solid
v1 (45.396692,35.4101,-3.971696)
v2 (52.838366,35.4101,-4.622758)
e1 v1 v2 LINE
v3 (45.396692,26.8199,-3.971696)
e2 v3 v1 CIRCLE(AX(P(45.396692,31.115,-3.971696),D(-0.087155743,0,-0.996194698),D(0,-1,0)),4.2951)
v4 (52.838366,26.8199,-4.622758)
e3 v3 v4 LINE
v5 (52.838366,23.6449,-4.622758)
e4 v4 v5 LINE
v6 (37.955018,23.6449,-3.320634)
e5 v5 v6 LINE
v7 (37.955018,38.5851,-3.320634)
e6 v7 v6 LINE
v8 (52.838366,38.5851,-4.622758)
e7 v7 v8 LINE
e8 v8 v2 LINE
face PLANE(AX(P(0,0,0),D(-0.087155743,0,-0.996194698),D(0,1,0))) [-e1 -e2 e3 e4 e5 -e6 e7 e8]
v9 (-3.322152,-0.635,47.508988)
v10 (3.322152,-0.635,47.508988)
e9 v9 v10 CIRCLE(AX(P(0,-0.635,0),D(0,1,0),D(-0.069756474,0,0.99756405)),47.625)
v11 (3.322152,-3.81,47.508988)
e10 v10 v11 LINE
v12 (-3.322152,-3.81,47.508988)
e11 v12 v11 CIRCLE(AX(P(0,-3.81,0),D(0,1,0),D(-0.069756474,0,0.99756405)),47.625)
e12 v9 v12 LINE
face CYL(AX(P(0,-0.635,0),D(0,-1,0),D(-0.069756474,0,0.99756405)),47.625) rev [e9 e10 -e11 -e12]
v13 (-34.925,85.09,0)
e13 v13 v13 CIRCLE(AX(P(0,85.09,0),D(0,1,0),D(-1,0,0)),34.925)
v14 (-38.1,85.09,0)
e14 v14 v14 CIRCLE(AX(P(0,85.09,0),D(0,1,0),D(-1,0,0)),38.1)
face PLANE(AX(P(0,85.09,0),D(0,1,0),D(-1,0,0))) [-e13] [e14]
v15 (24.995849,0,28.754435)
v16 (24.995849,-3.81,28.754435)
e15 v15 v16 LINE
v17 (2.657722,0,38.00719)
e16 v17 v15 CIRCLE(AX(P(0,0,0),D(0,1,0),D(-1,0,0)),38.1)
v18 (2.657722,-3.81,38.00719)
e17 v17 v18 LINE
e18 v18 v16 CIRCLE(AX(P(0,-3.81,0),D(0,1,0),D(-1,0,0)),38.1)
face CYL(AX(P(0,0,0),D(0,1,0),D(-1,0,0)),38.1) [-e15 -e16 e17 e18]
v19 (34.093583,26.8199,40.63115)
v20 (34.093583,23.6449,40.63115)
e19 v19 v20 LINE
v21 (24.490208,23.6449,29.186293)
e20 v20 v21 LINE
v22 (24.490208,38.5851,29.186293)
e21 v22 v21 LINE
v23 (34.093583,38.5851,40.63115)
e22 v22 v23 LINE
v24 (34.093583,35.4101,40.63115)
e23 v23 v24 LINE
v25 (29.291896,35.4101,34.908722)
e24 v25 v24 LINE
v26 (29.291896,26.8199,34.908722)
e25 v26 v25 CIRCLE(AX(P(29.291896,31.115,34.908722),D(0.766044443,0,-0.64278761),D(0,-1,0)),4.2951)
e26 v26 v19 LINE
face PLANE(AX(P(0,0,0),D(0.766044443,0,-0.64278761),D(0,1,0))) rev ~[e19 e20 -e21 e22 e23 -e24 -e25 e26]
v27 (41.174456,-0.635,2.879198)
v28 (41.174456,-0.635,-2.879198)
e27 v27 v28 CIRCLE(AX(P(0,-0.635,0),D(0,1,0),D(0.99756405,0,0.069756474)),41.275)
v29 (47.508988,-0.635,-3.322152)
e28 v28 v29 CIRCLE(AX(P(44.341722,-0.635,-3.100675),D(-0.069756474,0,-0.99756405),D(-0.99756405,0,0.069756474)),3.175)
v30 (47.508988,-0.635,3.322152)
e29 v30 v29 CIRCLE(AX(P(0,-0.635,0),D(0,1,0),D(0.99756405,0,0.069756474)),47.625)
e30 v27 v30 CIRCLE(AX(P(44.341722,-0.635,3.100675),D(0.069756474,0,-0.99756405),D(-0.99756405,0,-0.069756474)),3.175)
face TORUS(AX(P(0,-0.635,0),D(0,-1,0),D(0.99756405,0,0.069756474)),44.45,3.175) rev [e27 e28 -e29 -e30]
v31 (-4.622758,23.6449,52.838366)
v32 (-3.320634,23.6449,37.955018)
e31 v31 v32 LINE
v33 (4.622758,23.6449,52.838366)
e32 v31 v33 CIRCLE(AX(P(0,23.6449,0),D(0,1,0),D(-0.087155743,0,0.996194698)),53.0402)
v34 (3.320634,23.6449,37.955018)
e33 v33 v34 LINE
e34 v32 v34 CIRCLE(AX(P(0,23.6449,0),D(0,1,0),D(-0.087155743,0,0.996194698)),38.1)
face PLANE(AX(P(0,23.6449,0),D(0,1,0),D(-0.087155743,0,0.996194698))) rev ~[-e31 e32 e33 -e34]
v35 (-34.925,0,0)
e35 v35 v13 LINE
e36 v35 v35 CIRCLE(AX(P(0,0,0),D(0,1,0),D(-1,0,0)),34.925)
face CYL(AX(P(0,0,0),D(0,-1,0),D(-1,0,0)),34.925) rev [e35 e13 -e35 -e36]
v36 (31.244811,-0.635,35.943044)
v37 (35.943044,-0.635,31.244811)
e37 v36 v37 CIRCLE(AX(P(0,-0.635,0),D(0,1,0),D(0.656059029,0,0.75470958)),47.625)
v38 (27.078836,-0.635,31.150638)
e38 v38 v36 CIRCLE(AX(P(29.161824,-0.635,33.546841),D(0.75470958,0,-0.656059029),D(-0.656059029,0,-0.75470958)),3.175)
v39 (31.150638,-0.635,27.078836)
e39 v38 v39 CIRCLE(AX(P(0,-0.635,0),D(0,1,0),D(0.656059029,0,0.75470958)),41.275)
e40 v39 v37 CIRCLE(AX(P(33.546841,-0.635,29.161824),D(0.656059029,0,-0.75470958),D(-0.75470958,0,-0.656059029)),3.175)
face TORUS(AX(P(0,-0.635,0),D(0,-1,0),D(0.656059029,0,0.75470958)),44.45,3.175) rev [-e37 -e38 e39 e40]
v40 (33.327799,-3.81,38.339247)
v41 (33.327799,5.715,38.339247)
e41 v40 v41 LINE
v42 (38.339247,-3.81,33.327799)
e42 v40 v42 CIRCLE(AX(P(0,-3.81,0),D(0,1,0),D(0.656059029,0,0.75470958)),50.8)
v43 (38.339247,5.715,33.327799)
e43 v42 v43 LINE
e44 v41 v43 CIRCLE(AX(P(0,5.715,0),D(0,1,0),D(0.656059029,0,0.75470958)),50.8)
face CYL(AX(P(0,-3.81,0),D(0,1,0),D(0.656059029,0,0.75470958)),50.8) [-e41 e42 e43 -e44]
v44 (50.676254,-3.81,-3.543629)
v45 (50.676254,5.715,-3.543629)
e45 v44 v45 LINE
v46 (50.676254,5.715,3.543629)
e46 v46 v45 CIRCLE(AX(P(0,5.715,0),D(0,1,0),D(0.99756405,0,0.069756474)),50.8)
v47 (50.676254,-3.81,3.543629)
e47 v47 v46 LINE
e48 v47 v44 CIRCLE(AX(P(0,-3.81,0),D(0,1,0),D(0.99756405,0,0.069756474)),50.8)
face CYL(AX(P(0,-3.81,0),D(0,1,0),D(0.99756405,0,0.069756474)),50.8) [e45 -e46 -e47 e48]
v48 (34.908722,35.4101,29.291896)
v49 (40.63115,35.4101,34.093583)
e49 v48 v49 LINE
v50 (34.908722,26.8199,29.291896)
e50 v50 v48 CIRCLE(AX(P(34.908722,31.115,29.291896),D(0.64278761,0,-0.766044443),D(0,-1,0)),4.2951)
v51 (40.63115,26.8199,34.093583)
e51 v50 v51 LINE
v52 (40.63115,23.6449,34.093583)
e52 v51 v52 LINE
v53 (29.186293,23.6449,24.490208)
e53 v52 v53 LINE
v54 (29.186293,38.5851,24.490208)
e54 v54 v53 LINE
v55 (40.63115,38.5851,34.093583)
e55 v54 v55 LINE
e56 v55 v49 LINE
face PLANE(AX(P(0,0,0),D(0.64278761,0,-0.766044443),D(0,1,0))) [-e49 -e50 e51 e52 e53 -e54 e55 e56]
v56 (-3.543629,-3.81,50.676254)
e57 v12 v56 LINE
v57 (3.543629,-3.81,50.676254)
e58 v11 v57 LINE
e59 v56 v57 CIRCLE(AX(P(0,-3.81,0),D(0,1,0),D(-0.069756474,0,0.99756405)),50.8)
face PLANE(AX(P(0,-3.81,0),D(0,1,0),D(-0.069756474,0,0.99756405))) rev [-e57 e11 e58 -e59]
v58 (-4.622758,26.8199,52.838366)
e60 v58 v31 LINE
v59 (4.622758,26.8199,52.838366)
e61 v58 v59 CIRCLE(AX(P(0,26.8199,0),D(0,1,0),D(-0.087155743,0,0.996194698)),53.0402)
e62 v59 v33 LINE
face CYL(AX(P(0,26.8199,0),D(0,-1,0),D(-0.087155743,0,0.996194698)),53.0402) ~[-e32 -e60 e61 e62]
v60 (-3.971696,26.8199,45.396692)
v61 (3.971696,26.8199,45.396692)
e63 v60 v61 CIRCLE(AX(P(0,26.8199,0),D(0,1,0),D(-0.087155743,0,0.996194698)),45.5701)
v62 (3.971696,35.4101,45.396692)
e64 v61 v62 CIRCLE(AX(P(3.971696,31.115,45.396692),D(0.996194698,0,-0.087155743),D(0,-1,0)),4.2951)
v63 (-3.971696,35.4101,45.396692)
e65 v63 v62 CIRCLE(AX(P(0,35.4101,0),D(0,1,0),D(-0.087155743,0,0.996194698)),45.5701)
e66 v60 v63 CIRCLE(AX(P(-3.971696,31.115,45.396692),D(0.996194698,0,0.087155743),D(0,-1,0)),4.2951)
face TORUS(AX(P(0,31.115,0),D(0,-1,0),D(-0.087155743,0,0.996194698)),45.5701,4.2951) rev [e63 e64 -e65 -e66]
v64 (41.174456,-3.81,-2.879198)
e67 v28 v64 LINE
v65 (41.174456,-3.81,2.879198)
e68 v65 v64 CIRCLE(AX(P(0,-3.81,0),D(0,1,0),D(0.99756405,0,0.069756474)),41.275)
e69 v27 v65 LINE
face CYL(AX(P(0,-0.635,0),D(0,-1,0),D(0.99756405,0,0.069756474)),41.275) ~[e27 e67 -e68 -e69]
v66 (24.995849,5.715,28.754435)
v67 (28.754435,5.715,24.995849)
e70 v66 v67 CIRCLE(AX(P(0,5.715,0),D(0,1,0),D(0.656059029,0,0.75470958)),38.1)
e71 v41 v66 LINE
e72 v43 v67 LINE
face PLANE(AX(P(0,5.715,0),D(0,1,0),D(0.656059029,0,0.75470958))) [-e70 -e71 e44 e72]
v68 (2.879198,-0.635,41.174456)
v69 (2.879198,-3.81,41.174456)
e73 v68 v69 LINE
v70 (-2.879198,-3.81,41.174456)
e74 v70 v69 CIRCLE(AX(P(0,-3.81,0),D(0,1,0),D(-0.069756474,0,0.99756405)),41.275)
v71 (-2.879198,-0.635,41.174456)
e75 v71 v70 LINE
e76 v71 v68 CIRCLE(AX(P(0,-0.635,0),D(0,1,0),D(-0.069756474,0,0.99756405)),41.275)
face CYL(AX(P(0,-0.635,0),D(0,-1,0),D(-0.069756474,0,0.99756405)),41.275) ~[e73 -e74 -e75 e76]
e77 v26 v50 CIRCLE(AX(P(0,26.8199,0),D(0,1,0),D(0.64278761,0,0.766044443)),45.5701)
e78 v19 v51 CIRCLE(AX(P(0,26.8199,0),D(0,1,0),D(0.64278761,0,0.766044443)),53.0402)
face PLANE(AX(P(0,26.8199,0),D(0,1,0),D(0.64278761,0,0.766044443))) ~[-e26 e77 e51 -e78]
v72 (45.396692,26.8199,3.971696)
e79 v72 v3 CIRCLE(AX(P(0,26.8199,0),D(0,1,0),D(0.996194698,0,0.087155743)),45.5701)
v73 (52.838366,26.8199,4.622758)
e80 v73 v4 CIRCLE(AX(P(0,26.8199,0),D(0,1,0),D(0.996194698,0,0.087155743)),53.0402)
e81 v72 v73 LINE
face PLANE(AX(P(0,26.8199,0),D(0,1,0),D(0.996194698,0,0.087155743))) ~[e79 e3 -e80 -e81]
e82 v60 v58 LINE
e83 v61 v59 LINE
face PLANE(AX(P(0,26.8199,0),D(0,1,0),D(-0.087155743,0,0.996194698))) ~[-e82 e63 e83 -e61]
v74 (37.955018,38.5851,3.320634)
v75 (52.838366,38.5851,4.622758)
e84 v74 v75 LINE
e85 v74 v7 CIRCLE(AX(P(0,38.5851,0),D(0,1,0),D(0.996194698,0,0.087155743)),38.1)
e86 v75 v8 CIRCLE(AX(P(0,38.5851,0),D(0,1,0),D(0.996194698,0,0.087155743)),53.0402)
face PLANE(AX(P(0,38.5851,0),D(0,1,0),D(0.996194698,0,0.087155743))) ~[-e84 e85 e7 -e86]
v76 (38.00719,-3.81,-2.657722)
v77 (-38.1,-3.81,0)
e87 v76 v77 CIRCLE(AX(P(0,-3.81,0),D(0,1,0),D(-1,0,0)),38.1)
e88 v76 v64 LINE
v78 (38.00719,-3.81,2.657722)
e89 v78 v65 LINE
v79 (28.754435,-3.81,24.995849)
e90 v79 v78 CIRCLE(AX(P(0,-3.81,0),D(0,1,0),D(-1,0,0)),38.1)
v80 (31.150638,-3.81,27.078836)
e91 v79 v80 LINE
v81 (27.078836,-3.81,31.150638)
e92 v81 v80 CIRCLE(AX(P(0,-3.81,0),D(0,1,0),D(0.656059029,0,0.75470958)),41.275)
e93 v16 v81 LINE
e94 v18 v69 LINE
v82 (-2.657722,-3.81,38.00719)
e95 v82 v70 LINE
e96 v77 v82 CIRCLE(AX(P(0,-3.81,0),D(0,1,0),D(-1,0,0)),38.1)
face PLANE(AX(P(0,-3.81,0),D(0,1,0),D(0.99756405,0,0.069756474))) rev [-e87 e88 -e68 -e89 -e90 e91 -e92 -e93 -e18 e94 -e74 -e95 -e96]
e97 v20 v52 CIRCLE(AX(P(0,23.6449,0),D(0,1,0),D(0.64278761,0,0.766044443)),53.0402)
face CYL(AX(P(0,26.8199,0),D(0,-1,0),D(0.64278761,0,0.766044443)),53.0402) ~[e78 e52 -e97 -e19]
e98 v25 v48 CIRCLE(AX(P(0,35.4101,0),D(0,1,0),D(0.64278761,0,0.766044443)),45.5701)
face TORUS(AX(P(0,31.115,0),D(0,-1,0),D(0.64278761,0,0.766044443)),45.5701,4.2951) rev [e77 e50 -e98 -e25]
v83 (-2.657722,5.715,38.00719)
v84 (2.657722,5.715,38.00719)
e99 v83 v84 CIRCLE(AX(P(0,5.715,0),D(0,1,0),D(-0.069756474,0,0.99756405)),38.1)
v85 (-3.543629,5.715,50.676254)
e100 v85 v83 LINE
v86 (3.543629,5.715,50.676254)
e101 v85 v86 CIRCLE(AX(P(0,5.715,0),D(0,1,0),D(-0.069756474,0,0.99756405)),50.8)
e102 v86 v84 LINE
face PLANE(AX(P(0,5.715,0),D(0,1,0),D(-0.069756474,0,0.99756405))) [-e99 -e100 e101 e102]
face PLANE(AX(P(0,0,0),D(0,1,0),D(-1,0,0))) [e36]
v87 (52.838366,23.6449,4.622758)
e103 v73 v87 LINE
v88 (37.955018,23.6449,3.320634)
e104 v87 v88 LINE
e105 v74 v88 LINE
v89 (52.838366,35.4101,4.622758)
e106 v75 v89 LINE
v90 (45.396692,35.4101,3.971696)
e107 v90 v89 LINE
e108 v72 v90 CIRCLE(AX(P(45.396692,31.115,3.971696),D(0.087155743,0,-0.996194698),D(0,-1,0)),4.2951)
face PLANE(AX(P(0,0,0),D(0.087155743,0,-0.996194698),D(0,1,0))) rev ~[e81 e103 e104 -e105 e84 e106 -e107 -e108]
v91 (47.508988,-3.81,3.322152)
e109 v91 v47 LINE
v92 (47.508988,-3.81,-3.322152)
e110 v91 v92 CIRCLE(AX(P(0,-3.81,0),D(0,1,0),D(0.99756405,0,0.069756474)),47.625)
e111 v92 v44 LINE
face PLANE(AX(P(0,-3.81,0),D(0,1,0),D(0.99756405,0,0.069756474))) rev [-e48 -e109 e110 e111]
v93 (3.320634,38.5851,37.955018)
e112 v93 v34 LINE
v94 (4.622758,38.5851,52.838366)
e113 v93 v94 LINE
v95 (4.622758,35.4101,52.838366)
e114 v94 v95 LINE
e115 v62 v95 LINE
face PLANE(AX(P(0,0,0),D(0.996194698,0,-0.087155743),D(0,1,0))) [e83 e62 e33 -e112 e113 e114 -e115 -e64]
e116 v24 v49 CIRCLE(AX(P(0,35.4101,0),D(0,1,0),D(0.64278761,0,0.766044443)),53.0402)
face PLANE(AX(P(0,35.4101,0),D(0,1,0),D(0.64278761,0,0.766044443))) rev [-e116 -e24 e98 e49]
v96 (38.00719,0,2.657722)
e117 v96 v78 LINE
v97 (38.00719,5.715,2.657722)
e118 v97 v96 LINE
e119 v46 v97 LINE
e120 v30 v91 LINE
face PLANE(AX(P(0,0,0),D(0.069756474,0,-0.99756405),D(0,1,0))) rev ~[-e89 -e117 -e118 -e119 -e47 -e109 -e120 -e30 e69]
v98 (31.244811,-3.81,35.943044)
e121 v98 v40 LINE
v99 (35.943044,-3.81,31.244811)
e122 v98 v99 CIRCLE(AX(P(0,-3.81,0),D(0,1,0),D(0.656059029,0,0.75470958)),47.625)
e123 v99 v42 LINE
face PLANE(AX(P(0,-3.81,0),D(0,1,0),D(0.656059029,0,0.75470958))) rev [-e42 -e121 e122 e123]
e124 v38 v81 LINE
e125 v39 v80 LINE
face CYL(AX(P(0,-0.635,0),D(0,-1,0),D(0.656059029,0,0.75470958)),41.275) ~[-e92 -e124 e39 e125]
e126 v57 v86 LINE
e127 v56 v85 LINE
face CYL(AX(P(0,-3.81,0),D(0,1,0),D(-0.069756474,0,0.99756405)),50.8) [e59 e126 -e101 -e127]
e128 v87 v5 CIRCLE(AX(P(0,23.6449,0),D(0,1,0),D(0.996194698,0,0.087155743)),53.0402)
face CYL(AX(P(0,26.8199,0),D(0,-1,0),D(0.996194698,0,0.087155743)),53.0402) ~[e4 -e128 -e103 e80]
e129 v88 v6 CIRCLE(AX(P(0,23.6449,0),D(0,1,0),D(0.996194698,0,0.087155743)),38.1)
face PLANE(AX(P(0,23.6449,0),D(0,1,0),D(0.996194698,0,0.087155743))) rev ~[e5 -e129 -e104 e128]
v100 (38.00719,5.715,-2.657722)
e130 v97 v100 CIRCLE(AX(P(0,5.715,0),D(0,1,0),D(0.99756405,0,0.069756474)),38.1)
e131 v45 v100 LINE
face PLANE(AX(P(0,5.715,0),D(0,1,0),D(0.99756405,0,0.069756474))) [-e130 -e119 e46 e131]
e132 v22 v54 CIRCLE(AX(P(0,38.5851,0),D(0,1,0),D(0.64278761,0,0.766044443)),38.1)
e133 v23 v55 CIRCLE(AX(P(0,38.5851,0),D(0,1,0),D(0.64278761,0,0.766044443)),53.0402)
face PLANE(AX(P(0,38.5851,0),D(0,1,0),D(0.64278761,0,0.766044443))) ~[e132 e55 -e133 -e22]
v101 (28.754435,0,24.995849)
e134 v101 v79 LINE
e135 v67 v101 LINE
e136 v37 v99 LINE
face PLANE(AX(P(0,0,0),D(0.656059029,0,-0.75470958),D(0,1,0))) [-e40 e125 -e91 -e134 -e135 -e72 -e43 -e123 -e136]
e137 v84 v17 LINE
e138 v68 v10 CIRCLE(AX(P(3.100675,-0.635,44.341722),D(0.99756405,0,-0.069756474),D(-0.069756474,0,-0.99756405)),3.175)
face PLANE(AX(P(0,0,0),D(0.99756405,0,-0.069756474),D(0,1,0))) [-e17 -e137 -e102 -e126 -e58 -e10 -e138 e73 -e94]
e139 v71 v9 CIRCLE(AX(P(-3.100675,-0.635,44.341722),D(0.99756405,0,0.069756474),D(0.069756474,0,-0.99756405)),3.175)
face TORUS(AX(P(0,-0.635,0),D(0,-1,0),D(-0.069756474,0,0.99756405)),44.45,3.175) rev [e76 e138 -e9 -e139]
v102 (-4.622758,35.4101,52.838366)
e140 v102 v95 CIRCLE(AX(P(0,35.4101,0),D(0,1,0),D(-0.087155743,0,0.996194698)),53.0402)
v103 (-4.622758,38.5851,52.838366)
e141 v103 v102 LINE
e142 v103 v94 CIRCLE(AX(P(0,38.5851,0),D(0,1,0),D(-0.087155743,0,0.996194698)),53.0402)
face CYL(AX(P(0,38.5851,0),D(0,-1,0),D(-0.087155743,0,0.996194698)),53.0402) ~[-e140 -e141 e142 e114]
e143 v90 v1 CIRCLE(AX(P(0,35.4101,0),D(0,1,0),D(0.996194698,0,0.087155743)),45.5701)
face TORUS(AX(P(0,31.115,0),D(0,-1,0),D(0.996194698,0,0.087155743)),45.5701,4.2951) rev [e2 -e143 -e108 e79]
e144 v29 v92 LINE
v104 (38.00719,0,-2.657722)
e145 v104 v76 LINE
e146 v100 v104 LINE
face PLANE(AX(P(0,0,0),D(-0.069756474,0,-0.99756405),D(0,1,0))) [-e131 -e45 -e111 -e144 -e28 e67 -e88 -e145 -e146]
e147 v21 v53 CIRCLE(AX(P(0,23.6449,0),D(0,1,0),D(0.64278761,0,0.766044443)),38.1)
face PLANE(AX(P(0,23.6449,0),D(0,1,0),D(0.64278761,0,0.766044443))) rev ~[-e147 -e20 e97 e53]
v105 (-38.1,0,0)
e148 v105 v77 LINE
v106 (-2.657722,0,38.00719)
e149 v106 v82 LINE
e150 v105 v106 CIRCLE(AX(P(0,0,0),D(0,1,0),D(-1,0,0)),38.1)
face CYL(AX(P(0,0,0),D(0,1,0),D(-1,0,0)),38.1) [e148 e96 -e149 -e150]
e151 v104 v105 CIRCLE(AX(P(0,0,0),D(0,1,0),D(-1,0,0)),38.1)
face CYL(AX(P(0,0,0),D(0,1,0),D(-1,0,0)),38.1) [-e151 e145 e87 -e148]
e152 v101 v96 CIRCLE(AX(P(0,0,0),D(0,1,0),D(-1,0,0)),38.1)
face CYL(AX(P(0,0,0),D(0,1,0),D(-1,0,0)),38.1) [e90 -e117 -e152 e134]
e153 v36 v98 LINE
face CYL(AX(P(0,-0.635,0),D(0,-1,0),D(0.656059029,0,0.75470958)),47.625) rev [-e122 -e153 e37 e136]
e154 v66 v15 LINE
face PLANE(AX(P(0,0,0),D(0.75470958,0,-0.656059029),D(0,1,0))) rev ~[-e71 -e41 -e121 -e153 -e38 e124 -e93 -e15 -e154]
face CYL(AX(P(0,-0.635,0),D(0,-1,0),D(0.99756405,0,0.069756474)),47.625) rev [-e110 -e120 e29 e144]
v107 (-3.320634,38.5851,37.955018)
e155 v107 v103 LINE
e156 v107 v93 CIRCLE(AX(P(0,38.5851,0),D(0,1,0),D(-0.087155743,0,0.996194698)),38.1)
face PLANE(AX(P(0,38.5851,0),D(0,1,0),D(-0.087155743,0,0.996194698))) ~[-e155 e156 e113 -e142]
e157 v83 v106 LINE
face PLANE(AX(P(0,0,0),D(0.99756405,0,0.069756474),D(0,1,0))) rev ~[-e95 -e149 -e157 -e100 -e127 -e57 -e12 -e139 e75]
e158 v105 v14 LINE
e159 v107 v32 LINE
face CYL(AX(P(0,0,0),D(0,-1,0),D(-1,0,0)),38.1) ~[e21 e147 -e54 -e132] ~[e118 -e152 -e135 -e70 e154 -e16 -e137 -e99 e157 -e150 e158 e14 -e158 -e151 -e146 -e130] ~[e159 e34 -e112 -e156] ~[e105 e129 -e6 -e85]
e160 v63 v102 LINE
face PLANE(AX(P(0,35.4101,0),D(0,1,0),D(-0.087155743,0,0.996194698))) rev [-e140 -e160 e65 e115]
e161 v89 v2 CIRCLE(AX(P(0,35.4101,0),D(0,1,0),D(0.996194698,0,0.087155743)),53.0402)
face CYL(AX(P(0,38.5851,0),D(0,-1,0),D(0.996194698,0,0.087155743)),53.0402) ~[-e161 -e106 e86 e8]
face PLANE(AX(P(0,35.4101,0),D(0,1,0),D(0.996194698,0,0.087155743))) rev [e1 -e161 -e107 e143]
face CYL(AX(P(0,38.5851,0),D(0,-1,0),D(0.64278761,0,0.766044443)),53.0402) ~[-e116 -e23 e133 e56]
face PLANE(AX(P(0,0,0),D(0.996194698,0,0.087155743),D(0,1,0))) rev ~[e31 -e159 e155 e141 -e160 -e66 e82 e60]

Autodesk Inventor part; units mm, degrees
ref_plane "YZ Plane" through (0, 0, 0) normal (1, 0, 0) x (0, 1, 0)
ref_plane "XZ Plane" through (0, 0, 0) normal (0, 1, 0) x (-1, 0, 0)
ref_plane "XY Plane" through (0, 0, 0) normal (0, 0, 1) x (1, 0, 0)
sketch "Sketch8" plane through (0, 0, 0) normal (0, 1, 0) x (-1, 0, 0)
  circle A0 centre (0, 0) radius 38.1
  circle A1 centre (0, 0) radius 34.925
  dimension "d25" = 76.2
  dimension "d26" = 3.175
extrude "Extrusion6" add sketch "Sketch8" against normal blind 3.81 contours A0 | A1
extrude "Extrusion7" add sketch "Sketch8" along normal blind 85.09
sketch "Sketch9" plane through (0, -3.81, 0) normal (0, -1, 0) x (1, 0, 0)
  point P0 (0, 0)
sketch "Sketch10" plane through (0, 0, 0) normal (1, 0, 0) x (0, 1, 0)
  line L0 (85.09, 38.1) -> (-3.81, 38.1) projected
  line L1 (-3.81, 38.1) -> (-3.81, 50.8)
  line L2 (-3.81, 50.8) -> (5.715, 50.8)
  line L3 (5.715, 50.8) -> (5.715, 38.1)
  arc A0 (-0.635, 41.275) -> (-0.635, 47.625) centre (-0.635, 44.45) ccw
  line L4 (-3.81, 38.1) -> (-3.81, -38.1) projected
  line L5 (-0.635, 47.625) -> (-3.81, 47.625)
  line L6 (-0.635, 41.275) -> (-3.81, 41.275)
  line L7 (-16.51, 0) -> (72.39, 0) projected
  point P0 (0, 0)
  dimension "d31" = 6.35
  dimension "d32" = 3.175
  dimension "d35" = 3.175
  dimension "d36" = 3.175
revolve "Revolution1" add sketch "Sketch10" angle 8 mid plane about axis through (0, -10, 0) along (0, 1, 0) contours L0 L1 L6 A0 L5 L2 L3
sketch "Sketch11" plane through (0, 0, 0) normal (1, 0, 0) x (0, 1, 0)
  line L0 (85.09, 38.1) -> (5.715, 38.1) projected
  arc A0 (26.8199, 45.5701) -> (35.4101, 45.5701) centre (31.115, 45.5701) ccw
  line L1 (38.5851, 38.1) -> (38.5851, 53.0402)
  line L2 (23.6449, 53.0402) -> (23.6449, 38.1)
  line L3 (35.4101, 45.5701) -> (35.4101, 53.0402)
  line L4 (26.8199, 45.5701) -> (26.8199, 53.0402)
  line L5 (38.5851, 53.0402) -> (35.4101, 53.0402)
  line L6 (26.8199, 53.0402) -> (23.6449, 53.0402)
  line L7 (-16.51, 0) -> (72.39, 0) projected
  arc A1 (2.54, 44.45) -> (-0.635, 47.625) centre (-0.635, 44.45) ccw projected
  arc A2 (-0.635, 41.275) -> (2.54, 44.45) centre (-0.635, 44.45) ccw projected
  point P0 (0, 0)
  dimension "d38" = 8.5902
  dimension "d39" = 3.175
  dimension "d40" = 3.175
  dimension "d41" = 3.175
  dimension "d44" = 31.75
revolve "Revolution2" add sketch "Sketch11" angle 10 mid plane about axis through (0, -10, 0) along (0, 1, 0)
pattern_circular "Circular Pattern2" count 3 over 90 about axis through (0, -10, 0) along (0, 1, 0) of "Revolution2", "Revolution1"
equation "\"d25\" = outerDiameter"
equation "\"d26\" = wallThickness"
equation "\"d27\" = floorThickness"
equation "\"d29\" = height - floorThickness"
equation "\"d31\" = holeDiameter"
equation "\"d32\" = fromWallToHole"
equation "\"d35\" = fromEdgeToWall"
equation "\"d36\" = htAboveHole"
equation "\"d39\" = fromWallToHole"
equation "\"d40\" = htAboveHole"
equation "\"d41\" = htAboveHole"
equation "\"d44\" = spaceBetweenWire"
equation "\"htAboveHole\" = 3.175"
equation "\"fromWallToHole\" = 3.175"
equation "\"fromEdgeToWall\" = 3.175"
equation "\"holeDiameter\" = 6.35"
equation "\"bottomHeight\" = holeDiameter + htAboveHole"
equation "\"d42\" = fromEdgeToWall"
equation "\"outerDiameter\" = 76.2"
equation "\"floorThickness\" = 3.81"
equation "\"wallThickness\" = 3.175"
equation "\"spaceBetweenWire\" = 31.75"
equation "\"height\" = 88.9"
properties part number "roundMouseSupport"
